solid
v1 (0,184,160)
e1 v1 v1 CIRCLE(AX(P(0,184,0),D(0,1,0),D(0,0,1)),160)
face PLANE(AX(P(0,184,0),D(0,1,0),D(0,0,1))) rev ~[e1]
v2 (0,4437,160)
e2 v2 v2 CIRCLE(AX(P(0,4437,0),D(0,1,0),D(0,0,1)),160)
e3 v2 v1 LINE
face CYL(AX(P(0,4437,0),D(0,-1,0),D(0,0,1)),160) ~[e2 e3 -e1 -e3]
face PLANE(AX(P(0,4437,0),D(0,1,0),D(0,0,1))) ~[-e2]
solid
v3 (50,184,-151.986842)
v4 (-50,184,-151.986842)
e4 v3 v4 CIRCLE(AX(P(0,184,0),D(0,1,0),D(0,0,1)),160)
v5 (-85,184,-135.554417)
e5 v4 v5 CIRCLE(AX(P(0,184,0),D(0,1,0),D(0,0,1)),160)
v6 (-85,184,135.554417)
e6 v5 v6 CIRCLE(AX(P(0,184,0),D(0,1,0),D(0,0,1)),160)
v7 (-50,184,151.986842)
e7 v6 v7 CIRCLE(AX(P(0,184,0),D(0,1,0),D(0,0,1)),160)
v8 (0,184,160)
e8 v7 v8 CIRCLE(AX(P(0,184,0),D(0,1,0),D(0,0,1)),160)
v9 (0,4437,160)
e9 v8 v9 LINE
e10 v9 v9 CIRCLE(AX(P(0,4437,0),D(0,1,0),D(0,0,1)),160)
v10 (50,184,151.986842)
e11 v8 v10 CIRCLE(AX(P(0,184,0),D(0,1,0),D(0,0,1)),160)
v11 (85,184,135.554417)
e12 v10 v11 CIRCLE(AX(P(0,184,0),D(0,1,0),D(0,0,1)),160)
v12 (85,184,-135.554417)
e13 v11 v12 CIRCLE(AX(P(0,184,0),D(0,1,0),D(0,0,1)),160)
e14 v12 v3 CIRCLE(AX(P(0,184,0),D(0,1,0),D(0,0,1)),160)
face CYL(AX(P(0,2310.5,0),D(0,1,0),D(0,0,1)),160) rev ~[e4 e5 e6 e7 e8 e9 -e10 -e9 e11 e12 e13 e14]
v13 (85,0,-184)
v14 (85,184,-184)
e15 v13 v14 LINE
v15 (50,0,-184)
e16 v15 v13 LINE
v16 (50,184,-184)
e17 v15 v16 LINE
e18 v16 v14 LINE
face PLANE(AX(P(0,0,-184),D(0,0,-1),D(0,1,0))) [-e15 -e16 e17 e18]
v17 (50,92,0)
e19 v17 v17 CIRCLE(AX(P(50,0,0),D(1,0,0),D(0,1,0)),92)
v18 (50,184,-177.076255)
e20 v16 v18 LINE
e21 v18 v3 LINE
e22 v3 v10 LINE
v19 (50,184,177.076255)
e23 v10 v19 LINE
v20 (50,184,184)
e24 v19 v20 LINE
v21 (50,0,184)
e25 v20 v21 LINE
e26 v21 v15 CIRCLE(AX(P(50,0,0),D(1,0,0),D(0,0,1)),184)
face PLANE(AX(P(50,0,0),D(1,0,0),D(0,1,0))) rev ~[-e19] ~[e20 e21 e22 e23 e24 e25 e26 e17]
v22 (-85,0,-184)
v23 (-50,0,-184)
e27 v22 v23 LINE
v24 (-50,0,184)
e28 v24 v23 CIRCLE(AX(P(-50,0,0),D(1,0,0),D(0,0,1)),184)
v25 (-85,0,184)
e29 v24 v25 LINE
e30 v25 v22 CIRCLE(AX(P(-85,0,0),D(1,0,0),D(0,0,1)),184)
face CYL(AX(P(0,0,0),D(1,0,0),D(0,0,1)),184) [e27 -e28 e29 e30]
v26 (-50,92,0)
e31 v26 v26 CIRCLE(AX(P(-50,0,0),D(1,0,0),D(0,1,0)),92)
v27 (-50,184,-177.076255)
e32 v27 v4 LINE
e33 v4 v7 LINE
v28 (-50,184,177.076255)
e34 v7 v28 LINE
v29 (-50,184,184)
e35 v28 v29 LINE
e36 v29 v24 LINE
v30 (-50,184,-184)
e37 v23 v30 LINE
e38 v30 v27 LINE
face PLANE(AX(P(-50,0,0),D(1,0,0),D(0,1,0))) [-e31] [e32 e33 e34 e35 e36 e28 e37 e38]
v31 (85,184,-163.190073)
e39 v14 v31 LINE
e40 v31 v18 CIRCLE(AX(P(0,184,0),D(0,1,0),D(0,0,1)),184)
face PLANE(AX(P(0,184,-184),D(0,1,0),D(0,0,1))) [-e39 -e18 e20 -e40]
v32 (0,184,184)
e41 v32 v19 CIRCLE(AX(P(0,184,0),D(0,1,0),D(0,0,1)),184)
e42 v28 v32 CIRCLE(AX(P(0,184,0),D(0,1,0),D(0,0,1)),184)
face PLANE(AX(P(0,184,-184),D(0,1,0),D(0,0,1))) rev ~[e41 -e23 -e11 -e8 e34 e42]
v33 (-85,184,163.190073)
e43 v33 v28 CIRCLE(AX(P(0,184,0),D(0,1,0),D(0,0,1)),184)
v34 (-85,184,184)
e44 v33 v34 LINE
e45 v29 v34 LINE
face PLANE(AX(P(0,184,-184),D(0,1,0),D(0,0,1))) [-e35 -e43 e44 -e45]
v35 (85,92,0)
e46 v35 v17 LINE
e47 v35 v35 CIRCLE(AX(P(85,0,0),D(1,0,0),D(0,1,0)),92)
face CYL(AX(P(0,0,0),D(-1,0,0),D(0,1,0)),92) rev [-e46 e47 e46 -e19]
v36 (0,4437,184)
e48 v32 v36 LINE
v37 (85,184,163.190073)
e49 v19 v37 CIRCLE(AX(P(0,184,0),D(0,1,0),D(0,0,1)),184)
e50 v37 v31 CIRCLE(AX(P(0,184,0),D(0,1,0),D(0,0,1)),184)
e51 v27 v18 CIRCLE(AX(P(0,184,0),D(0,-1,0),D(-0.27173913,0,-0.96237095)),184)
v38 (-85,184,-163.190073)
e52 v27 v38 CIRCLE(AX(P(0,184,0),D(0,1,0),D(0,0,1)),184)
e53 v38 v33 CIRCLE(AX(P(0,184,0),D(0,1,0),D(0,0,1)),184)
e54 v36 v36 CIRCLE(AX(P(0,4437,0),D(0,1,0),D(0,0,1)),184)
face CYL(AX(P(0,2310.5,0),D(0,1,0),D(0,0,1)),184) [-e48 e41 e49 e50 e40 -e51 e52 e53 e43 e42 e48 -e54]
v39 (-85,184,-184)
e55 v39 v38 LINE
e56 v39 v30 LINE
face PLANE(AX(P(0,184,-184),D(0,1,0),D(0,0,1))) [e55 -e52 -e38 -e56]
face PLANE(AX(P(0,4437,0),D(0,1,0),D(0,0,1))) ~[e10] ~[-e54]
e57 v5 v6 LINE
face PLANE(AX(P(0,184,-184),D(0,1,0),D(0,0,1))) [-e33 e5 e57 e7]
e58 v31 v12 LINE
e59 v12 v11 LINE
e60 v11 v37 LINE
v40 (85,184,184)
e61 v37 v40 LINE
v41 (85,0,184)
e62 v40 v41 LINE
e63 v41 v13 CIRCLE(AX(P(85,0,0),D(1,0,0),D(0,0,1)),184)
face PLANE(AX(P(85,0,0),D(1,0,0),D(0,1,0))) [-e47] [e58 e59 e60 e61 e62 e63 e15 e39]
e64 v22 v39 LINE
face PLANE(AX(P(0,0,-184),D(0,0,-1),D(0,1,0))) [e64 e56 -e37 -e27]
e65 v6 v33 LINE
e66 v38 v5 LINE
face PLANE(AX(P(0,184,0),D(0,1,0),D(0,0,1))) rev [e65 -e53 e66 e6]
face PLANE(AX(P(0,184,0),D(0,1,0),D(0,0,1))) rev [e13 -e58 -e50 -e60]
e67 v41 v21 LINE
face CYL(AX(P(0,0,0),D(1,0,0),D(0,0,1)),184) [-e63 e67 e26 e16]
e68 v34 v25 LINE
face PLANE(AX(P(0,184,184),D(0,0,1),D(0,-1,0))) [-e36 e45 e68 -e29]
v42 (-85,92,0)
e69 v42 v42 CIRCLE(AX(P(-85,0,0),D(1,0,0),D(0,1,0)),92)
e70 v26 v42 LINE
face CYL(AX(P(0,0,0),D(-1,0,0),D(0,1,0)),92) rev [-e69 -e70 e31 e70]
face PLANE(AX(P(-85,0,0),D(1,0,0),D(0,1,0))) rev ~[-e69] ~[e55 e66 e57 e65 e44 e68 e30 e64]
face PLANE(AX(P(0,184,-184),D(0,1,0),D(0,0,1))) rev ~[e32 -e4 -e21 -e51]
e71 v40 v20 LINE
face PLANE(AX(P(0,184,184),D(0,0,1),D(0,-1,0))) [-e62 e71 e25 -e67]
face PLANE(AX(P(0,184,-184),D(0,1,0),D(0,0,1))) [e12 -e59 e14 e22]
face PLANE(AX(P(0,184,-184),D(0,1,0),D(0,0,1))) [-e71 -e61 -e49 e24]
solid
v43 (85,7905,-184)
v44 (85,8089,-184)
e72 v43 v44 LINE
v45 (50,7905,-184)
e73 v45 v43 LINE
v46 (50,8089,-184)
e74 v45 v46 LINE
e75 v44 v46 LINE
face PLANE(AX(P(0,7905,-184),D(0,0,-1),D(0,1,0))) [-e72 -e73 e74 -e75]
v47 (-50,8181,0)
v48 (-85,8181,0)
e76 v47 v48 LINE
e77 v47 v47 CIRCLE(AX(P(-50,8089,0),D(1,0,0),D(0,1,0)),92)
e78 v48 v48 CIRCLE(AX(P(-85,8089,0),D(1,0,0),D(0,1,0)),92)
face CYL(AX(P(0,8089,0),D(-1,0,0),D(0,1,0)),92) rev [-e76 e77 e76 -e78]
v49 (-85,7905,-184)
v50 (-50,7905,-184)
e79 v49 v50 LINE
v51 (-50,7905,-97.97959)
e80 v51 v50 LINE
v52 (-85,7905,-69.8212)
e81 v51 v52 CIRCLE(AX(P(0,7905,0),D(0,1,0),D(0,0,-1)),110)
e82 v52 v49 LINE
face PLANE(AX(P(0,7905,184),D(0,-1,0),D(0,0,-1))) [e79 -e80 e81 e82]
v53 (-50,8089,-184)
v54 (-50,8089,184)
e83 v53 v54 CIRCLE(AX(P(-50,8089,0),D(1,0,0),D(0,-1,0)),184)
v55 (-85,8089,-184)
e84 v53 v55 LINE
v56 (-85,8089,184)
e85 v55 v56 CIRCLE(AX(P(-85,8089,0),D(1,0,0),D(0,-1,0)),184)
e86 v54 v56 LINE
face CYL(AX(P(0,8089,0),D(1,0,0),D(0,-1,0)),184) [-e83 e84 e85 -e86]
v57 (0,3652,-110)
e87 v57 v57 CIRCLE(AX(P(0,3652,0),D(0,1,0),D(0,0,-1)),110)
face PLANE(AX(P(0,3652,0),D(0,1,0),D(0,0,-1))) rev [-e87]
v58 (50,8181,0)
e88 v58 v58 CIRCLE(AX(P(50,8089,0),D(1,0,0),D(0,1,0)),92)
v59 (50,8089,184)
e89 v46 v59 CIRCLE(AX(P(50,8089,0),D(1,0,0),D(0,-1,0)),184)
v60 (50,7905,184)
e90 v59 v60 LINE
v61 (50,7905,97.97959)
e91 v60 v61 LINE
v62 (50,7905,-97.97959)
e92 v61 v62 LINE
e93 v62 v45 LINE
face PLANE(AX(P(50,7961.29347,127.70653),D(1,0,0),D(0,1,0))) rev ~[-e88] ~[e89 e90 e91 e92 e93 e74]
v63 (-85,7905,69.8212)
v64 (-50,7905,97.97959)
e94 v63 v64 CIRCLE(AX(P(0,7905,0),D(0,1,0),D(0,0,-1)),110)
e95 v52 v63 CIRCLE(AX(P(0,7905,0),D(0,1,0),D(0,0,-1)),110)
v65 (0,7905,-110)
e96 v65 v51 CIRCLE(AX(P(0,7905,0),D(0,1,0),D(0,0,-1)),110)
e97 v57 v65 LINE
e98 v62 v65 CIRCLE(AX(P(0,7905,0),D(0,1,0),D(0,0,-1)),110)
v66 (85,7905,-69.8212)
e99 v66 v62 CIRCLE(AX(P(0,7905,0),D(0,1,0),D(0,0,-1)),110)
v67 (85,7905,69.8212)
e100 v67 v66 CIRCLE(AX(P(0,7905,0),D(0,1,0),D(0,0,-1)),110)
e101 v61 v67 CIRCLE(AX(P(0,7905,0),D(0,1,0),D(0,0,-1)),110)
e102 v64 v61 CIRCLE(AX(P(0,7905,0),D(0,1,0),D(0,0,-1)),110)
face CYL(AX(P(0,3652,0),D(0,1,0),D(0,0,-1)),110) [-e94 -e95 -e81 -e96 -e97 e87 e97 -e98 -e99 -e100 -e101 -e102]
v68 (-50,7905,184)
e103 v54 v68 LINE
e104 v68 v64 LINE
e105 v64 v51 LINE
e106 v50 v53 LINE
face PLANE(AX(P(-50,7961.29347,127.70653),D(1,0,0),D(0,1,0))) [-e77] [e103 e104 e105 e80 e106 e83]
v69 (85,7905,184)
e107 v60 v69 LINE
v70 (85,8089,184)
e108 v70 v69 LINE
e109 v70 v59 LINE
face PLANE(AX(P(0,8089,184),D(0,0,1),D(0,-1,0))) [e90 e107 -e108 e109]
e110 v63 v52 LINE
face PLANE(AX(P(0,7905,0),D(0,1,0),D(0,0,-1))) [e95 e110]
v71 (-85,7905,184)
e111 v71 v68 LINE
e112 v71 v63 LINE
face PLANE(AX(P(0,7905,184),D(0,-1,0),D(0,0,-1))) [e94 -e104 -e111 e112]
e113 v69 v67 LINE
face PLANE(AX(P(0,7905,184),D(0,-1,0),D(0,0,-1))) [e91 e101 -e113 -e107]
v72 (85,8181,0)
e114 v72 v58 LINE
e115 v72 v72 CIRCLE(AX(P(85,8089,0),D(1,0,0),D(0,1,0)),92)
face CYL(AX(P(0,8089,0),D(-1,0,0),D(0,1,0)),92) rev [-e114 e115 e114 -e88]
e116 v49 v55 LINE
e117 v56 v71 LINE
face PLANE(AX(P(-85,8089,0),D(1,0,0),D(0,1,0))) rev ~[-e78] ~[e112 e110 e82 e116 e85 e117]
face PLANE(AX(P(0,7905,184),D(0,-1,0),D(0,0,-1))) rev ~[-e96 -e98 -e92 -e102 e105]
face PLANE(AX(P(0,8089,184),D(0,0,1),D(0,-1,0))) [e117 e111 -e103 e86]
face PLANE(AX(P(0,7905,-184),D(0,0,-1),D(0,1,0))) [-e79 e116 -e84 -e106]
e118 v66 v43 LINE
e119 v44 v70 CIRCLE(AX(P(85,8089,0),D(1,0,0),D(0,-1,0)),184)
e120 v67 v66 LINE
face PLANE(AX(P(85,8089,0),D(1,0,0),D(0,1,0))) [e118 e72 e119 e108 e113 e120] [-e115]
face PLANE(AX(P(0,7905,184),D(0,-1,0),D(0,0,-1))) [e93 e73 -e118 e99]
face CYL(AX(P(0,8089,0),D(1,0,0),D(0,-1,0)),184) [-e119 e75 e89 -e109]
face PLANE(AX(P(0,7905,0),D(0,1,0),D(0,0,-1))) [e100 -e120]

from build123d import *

# Parameters (mm, degrees)
F0_W     = 4253
F0_H     = 24
F0_R     = 92
F3_DEPTH = 85
F4_DEPTH = 50
F5_DEPTH = 85
F6_DEPTH = 50


with BuildPart() as f1:
    # F0 (on Right) → F1 (revolve)
    with BuildSketch(Plane.YZ):
        with Locations((2310.5, 172)):
            Rectangle(F0_W, F0_H)
    revolve(axis=Axis((0, 2310.5, 0), (0, 1, 0)))

    # F0 (on Right) → F3 (join, symmetric)
    with BuildSketch(Plane.YZ):
        with BuildLine():
            ThreePointArc((0, -184), (130.1076477383, -130.1076477383), (184, 0))
            ThreePointArc((184, 0), (130.1076477383, 130.1076477383), (0, 184))
            ThreePointArc((0, 184), (-184, 0), (0, -184))
        make_face()
        Circle(F0_R, mode=Mode.SUBTRACT)
        with BuildLine():
            ThreePointArc((0, 184), (130.1076477383, 130.1076477383), (184, 0))
            Line((184, 0), (184, 160))
            Line((184, 160), (184, 184))
            Line((184, 184), (0, 184))
        make_face()
        with BuildLine():
            Line((184, -184), (184, 0))
            ThreePointArc((184, 0), (130.1076477383, -130.1076477383), (0, -184))
            Line((0, -184), (184, -184))
        make_face()
    extrude(amount=F3_DEPTH, both=True)

    # F0 (on Right) → F4 (cut, symmetric)
    with BuildSketch(Plane.YZ):
        with BuildLine():
            ThreePointArc((0, -184), (130.1076477383, -130.1076477383), (184, 0))
            ThreePointArc((184, 0), (130.1076477383, 130.1076477383), (0, 184))
            ThreePointArc((0, 184), (-184, 0), (0, -184))
        make_face()
        Circle(F0_R, mode=Mode.SUBTRACT)
        with BuildLine():
            ThreePointArc((0, 184), (130.1076477383, 130.1076477383), (184, 0))
            Line((184, 0), (184, 160))
            Line((184, 160), (184, 184))
            Line((184, 184), (0, 184))
        make_face()
        with BuildLine():
            Line((184, -184), (184, 0))
            ThreePointArc((184, 0), (130.1076477383, -130.1076477383), (0, -184))
            Line((0, -184), (184, -184))
        make_face()
    extrude(amount=F4_DEPTH, both=True, mode=Mode.SUBTRACT)


with BuildPart() as f2:
    # F0 (on Right) → F2 (revolve)
    with BuildSketch(Plane.YZ):
        Polygon((4437, 0), (3652, 0), (3652, -110), (7905, -110), (7905, 0), align=None)
    revolve(axis=Axis((0, 6171, 0), (0, 1, 0)))

    # F0 (on Right) → F5 (join, symmetric)
    with BuildSketch(Plane.YZ):
        with BuildLine():
            ThreePointArc((8089, 184), (7958.8923522617, 130.1076477383), (7905, 0))
            ThreePointArc((7905, 0), (7958.8923522617, -130.1076477383), (8089, -184))
            ThreePointArc((8089, -184), (8219.1076477383, -130.1076477383), (8273, 0))
            ThreePointArc((8273, 0), (8219.1076477383, 130.1076477383), (8089, 184))
        make_face()
        with Locations((8089, 0)):
            Circle(F0_R, mode=Mode.SUBTRACT)
        with BuildLine():
            Line((7905, 184), (7905, 0))
            ThreePointArc((7905, 0), (7958.8923522617, 130.1076477383), (8089, 184))
            Line((8089, 184), (7905, 184))
        make_face()
        with BuildLine():
            ThreePointArc((8089, -184), (7958.8923522617, -130.1076477383), (7905, 0))
            Line((7905, 0), (7905, -110))
            Line((7905, -110), (7905, -184))
            Line((7905, -184), (8089, -184))
        make_face()
    extrude(amount=F5_DEPTH, both=True)

    # F0 (on Right) → F6 (cut, symmetric)
    with BuildSketch(Plane.YZ):
        with BuildLine():
            Line((7905, 184), (7905, 0))
            ThreePointArc((7905, 0), (7958.8923522617, 130.1076477383), (8089, 184))
            Line((8089, 184), (7905, 184))
        make_face()
        with BuildLine():
            ThreePointArc((8089, 184), (7958.8923522617, 130.1076477383), (7905, 0))
            ThreePointArc((7905, 0), (7958.8923522617, -130.1076477383), (8089, -184))
            ThreePointArc((8089, -184), (8219.1076477383, -130.1076477383), (8273, 0))
            ThreePointArc((8273, 0), (8219.1076477383, 130.1076477383), (8089, 184))
        make_face()
        with Locations((8089, 0)):
            Circle(F0_R, mode=Mode.SUBTRACT)
        with BuildLine():
            ThreePointArc((8089, -184), (7958.8923522617, -130.1076477383), (7905, 0))
            Line((7905, 0), (7905, -110))
            Line((7905, -110), (7905, -184))
            Line((7905, -184), (8089, -184))
        make_face()
    extrude(amount=F6_DEPTH, both=True, mode=Mode.SUBTRACT)


with BuildPart() as f7:
    # F0 (on Right) → F7 (revolve)
    with BuildSketch(Plane.YZ):
        Polygon((184, 160), (184, 0), (3652, 0), (4437, 0), (4437, 160), align=None)
    revolve(axis=Axis((0, 2310.5, 0), (0, 1, 0)))


solid = Compound([f1.part, f2.part, f7.part])
